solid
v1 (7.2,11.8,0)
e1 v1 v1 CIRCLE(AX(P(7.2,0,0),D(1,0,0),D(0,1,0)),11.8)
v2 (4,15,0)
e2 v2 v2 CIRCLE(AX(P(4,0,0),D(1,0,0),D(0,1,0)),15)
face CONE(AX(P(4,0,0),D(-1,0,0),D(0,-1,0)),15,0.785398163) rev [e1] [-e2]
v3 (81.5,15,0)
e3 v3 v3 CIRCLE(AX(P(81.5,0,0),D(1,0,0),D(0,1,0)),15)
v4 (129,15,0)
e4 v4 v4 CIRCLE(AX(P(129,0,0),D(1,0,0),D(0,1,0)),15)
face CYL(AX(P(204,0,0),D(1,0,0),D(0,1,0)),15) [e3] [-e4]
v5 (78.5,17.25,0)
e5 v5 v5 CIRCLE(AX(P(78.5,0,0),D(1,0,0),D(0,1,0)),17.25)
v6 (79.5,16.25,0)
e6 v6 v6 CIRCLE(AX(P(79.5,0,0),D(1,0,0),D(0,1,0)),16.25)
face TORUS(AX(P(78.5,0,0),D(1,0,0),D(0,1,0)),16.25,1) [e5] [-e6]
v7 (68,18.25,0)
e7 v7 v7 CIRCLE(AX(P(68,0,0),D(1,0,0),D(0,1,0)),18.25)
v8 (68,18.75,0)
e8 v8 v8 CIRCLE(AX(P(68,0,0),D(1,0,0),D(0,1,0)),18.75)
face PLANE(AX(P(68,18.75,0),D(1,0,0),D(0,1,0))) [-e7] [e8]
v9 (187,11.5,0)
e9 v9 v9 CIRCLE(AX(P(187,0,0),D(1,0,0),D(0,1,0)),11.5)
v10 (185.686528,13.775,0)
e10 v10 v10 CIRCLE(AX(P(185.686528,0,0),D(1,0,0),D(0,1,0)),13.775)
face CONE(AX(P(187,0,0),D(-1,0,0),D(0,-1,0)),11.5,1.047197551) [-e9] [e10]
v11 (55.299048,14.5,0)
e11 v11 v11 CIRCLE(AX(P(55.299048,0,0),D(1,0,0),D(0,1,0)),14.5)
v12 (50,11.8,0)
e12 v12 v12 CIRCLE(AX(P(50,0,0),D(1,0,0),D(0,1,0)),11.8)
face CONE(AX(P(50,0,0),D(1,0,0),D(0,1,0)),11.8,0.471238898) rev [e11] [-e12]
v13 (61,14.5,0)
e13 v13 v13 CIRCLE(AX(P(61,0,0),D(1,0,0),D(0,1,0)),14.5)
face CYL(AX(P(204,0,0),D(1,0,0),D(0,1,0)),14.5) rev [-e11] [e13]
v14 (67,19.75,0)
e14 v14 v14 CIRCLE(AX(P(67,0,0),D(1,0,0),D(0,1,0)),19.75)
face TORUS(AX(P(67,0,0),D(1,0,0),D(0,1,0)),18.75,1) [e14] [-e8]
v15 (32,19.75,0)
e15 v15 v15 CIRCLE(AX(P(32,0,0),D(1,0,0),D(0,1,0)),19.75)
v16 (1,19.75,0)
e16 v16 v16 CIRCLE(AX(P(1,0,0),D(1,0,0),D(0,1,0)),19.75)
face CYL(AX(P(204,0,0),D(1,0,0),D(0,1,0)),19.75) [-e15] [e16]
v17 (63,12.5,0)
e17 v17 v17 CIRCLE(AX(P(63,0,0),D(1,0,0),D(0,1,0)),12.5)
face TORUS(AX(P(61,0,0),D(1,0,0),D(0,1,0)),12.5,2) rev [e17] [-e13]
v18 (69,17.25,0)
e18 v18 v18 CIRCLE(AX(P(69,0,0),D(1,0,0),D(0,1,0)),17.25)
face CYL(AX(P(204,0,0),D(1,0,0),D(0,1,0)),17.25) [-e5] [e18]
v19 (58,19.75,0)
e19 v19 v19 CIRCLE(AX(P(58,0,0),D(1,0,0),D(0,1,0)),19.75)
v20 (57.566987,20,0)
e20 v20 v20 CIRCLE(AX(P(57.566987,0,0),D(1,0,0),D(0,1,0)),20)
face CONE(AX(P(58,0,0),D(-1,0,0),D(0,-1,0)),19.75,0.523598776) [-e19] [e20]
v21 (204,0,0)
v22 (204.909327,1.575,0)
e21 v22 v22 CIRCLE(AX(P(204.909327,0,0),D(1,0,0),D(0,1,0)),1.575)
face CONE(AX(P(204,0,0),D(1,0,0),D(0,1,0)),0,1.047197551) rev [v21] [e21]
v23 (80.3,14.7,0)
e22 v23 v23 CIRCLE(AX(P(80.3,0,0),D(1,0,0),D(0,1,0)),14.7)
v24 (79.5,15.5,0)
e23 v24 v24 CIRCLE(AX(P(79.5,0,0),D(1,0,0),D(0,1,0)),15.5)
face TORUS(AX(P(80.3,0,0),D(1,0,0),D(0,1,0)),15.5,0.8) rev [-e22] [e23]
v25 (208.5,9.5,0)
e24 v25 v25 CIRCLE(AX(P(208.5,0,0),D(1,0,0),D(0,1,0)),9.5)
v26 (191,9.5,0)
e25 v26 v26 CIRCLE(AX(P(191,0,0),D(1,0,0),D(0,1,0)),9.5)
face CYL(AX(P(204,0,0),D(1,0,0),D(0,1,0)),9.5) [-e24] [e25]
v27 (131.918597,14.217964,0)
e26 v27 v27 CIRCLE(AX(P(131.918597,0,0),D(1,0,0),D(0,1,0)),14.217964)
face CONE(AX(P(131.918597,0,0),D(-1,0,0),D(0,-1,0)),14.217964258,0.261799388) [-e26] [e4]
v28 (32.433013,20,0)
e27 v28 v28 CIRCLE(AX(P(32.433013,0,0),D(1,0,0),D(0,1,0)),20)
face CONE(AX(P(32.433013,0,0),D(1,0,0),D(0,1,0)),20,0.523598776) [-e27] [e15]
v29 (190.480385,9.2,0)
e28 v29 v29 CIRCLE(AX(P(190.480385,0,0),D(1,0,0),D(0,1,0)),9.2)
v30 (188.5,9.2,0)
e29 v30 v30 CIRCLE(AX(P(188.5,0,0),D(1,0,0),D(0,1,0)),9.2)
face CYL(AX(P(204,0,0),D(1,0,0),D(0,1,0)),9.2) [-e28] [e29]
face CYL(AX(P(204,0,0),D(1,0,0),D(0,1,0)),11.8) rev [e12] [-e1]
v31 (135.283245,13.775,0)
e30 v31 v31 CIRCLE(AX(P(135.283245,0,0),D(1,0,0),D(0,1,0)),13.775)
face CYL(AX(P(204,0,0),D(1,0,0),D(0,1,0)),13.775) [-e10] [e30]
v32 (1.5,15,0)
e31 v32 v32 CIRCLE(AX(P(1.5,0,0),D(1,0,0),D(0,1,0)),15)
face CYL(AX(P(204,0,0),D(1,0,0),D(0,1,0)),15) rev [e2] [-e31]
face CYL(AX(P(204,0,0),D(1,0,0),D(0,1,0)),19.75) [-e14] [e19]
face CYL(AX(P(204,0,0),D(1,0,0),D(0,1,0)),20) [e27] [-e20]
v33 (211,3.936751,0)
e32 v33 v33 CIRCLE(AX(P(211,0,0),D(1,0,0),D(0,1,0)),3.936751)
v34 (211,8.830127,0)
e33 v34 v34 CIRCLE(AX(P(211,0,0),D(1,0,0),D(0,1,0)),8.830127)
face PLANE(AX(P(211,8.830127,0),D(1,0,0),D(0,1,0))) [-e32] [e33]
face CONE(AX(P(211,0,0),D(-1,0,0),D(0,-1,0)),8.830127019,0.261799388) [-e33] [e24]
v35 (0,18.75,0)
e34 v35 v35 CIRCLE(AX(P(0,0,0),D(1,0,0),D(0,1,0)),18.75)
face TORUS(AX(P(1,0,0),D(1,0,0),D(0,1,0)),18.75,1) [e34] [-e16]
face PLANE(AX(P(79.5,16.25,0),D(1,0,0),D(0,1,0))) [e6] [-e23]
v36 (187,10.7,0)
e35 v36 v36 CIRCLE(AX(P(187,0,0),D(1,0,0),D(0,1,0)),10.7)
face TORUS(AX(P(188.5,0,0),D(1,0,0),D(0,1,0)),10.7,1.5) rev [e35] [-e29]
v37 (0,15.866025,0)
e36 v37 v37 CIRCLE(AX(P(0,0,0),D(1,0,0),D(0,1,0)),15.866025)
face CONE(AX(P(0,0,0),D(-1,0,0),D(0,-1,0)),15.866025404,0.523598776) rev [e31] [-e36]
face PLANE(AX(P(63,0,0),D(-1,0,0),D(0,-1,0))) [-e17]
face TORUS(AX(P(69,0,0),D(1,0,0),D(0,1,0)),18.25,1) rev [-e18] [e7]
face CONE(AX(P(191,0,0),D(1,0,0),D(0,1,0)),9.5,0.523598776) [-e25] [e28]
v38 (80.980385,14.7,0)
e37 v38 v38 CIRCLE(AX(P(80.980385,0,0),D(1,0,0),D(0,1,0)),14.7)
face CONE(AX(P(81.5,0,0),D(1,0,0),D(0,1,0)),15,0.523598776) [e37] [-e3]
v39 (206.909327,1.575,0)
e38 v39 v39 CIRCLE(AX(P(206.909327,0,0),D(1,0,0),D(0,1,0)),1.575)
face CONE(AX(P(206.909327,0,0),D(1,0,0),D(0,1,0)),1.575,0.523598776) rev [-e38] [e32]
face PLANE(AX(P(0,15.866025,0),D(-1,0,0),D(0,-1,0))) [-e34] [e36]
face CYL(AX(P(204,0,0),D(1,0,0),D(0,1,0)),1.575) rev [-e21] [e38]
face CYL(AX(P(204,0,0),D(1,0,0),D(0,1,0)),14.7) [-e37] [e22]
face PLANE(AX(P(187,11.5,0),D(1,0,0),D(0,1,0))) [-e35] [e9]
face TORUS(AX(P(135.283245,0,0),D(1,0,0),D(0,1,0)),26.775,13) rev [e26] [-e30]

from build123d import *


with BuildPart() as part:
    # Sketch2 → Revolve1 (revolve)
    with BuildSketch(Plane.XY):
        with BuildLine():
            Line((0, 15.866025404), (0, 18.75))
            ThreePointArc((0, 18.75), (0.292893219, 19.457106781), (1, 19.75))
            Line((1, 19.75), (32, 19.75))
            Line((32, 19.75), (32.433012702, 20))
            Line((32.433012702, 20), (57.566987298, 20))
            Line((57.566987298, 20), (58, 19.75))
            Line((58, 19.75), (67, 19.75))
            ThreePointArc((67, 19.75), (67.707106781, 19.457106781), (68, 18.75))
            Line((68, 18.75), (68, 18.25))
            ThreePointArc((68, 18.25), (68.292893219, 17.542893219), (69, 17.25))
            Line((69, 17.25), (78.5, 17.25))
            ThreePointArc((78.5, 17.25), (79.207106781, 16.957106781), (79.5, 16.25))
            Line((79.5, 16.25), (79.5, 15.5))
            ThreePointArc((79.5, 15.5), (79.734314575, 14.934314575), (80.3, 14.7))
            Line((80.3, 14.7), (80.980384758, 14.7))
            Line((80.980384758, 14.7), (81.5, 15))
            Line((81.5, 15), (129, 15))
            Line((129, 15), (131.918597122, 14.217964258))
            ThreePointArc((131.918597122, 14.217964258), (133.586404209, 13.886216802), (135.283244708, 13.775))
            Line((135.283244708, 13.775), (185.686528138, 13.775))
            Line((185.686528138, 13.775), (187, 11.5))
            Line((187, 11.5), (187, 10.7))
            ThreePointArc((187, 10.7), (187.439339828, 9.639339828), (188.5, 9.2))
            Line((188.5, 9.2), (190.480384758, 9.2))
            Line((190.480384758, 9.2), (191, 9.5))
            Line((191, 9.5), (208.5, 9.5))
            Line((208.5, 9.5), (211, 8.830127019))
            Line((211, 8.830127019), (211, 3.936751346))
            Line((211, 3.936751346), (206.909326674, 1.575))
            Line((206.909326674, 1.575), (204.909326674, 1.575))
            Line((204.909326674, 1.575), (204, 0))
            Line((204, 0), (63, 0))
            Line((63, 0), (63, 12.5))
            ThreePointArc((63, 12.5), (62.414213562, 13.914213562), (61, 14.5))
            Line((61, 14.5), (55.299048365, 14.5))
            Line((55.299048365, 14.5), (50, 11.8))
            Line((50, 11.8), (7.2, 11.8))
            Line((7.2, 11.8), (4, 15))
            Line((4, 15), (1.5, 15))
            Line((1.5, 15), (0, 15.866025404))
        make_face()
    revolve(axis=Axis((204, 0, 0), (-1, 0, 0)))


solid = part.part
